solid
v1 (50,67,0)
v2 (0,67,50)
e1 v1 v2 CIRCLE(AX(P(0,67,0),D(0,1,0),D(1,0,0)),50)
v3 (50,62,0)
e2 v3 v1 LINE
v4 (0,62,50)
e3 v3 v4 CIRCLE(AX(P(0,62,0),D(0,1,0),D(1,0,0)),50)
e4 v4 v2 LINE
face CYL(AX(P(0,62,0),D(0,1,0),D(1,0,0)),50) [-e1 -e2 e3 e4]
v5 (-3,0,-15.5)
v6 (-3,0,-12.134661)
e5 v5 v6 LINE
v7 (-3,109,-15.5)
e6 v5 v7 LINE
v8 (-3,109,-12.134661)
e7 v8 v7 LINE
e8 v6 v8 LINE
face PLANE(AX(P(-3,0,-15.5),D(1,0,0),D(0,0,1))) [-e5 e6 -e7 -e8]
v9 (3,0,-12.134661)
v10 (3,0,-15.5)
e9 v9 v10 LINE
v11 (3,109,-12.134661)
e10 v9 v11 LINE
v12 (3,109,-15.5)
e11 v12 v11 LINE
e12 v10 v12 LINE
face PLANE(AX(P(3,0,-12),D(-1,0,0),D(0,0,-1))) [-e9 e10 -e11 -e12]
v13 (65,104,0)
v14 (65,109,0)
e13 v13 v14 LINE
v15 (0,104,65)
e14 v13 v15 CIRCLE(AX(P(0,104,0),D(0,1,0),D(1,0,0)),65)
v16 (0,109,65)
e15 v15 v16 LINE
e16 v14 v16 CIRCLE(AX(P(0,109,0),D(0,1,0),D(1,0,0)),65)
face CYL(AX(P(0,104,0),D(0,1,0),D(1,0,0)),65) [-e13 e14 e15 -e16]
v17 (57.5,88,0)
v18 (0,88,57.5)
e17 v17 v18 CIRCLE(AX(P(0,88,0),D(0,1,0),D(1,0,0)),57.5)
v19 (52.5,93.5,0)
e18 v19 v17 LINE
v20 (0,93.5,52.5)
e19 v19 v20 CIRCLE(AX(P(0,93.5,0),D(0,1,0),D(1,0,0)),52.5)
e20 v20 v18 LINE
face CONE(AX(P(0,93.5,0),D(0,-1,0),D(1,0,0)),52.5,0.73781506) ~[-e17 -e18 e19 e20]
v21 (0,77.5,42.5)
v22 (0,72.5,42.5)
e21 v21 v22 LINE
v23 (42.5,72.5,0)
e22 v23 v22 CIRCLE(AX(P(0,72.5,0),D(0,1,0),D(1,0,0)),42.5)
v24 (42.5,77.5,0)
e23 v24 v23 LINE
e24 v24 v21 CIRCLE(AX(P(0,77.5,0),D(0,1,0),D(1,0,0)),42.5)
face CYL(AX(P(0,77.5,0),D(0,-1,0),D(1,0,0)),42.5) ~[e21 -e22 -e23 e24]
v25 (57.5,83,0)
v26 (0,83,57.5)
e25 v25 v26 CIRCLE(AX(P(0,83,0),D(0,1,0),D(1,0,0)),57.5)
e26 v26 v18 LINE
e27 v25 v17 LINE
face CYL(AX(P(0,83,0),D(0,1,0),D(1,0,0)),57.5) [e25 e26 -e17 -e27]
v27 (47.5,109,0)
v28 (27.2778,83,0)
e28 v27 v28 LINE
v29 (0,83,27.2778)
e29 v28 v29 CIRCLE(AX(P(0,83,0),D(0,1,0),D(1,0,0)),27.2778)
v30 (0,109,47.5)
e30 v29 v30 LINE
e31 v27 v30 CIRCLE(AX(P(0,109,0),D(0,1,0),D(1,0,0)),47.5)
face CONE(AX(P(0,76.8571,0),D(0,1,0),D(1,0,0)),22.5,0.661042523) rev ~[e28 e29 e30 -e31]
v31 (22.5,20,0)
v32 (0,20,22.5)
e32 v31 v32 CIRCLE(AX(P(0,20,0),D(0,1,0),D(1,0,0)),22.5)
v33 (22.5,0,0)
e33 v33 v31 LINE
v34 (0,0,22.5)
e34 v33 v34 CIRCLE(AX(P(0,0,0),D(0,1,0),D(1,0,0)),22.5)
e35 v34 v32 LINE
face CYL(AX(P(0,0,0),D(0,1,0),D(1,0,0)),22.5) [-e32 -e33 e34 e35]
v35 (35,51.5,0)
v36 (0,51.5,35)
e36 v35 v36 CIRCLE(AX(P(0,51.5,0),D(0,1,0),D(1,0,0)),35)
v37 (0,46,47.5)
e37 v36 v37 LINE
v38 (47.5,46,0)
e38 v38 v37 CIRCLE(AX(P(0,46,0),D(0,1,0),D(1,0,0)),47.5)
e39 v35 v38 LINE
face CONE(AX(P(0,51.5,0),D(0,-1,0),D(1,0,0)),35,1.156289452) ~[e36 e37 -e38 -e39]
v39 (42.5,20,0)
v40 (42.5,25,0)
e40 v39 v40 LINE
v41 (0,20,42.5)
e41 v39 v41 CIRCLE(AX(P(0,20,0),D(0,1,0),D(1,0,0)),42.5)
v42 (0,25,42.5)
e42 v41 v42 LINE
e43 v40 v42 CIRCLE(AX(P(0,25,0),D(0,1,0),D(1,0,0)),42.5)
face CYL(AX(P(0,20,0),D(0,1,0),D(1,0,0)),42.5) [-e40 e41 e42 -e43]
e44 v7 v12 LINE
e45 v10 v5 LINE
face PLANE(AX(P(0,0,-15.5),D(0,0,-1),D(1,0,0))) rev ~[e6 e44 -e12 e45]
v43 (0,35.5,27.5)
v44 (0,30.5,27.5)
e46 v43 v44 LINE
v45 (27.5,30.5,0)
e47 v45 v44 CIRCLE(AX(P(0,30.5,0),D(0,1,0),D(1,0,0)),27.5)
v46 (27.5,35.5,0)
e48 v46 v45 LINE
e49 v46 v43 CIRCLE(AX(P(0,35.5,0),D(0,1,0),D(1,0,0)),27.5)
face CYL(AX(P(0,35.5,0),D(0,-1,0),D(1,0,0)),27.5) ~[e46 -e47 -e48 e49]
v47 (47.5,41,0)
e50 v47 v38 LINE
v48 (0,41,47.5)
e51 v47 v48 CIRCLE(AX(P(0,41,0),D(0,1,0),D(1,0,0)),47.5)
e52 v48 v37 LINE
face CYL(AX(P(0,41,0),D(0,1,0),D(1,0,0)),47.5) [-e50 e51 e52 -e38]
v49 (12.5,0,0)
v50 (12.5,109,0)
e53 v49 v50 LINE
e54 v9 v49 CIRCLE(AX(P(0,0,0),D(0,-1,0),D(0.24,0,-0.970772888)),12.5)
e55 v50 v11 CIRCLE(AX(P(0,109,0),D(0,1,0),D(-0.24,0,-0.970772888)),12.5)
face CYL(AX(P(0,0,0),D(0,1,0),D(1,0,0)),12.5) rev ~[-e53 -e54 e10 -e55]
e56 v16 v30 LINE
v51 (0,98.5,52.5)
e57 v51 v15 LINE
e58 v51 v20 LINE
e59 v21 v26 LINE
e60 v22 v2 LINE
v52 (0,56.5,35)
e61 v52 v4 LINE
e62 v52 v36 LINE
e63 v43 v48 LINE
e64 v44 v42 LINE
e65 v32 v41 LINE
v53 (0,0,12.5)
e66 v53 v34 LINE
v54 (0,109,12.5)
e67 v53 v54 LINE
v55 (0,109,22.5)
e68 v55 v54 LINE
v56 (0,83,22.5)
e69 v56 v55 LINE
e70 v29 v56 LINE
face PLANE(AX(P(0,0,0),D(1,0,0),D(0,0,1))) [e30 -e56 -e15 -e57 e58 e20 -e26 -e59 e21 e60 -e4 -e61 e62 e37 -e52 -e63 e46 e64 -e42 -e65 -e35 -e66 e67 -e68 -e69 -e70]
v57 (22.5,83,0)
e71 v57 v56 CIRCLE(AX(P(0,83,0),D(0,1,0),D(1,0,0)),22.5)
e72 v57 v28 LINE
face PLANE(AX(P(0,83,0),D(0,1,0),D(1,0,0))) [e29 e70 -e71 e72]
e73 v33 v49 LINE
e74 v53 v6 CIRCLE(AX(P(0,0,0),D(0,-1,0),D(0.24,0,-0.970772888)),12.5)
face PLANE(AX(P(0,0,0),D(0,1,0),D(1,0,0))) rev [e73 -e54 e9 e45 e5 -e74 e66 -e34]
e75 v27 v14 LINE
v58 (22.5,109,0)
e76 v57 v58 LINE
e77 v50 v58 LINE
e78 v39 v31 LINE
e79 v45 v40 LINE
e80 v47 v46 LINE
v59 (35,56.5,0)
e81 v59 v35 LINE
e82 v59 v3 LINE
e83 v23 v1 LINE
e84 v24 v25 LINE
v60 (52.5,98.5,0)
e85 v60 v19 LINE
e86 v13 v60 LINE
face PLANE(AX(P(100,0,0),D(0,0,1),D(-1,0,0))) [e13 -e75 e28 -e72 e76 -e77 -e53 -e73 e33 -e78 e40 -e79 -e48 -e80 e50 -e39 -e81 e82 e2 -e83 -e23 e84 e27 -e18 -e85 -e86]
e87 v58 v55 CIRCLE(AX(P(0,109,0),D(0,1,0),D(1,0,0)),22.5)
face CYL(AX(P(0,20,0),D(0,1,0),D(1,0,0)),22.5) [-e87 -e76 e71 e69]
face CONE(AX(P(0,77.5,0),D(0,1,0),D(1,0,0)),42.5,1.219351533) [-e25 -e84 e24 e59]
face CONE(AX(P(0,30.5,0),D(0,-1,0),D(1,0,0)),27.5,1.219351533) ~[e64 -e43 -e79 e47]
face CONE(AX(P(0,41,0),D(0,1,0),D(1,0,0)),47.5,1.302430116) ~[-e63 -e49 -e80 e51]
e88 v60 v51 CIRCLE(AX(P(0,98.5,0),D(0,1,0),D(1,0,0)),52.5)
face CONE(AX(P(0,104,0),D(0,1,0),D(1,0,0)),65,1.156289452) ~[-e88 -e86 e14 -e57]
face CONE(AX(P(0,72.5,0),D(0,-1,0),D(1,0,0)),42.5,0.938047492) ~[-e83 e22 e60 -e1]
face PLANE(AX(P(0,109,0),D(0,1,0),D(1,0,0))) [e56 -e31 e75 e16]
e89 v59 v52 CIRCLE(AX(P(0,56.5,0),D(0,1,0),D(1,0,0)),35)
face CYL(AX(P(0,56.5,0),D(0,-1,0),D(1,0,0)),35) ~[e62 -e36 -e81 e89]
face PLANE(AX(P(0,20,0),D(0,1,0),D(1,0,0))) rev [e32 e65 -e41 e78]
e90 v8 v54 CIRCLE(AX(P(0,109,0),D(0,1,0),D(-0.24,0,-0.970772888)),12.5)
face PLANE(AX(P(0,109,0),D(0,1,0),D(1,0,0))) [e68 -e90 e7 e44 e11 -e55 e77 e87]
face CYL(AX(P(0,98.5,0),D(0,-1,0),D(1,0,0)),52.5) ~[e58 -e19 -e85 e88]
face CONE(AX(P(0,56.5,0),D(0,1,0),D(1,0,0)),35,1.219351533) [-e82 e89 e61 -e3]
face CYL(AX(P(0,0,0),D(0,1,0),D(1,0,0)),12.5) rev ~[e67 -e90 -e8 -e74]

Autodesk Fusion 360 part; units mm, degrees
sketch "Sketch1" plane through (0, 0, 0) normal (0, 0, 1) x (1, 0, 0)
  line L0 (12.5, 0) -> (22.5, 0)
  line L1 (12.5, 0) -> (12.5, 20)
  line L2 (22.5, 0) -> (22.5, 20)
  line L3 (22.5, 20) -> (42.5, 20)
  line L4 (42.5, 20) -> (42.5, 25)
  line L5 (42.5, 25) -> (22.5, 25)
  line L6 (0, 0) -> (0, 115)
  line L7 (0, 25) -> (0, 41)
  line L8 (22.5, 41) -> (47.5, 41)
  line L9 (47.5, 41) -> (47.5, 46)
  line L10 (47.5, 46) -> (22.5, 46)
  line L11 (0, 46) -> (0, 62)
  line L12 (22.5, 62) -> (50, 62)
  line L13 (50, 62) -> (50, 67)
  line L14 (50, 67) -> (22.5, 67)
  line L15 (0, 67) -> (0, 83)
  line L16 (57.5, 83) -> (57.5, 88)
  line L17 (0, 88) -> (0, 104)
  line L18 (65, 104) -> (65, 109)
  line L19 (52.5, 98.5) -> (52.5, 93.5)
  line L20 (65, 104) -> (52.5, 98.5)
  line L21 (52.5, 93.5) -> (57.5, 88)
  line L22 (12.5, 20) -> (12.5, 109)
  line L23 (22.5, 20) -> (22.5, 109)
  line L24 (0, 83) -> (0, 77.5)
  line L25 (23, 77.5) -> (42.5, 77.5)
  line L26 (42.5, 77.5) -> (42.5, 72.5)
  line L27 (42.5, 72.5) -> (22.5, 72.5041)
  line L28 (42.5, 77.5) -> (57.5, 83)
  line L29 (42.5, 72.5) -> (50, 67)
  line L30 (0, 62) -> (0, 56.5)
  line L31 (22.5, 56.5) -> (35, 56.5)
  line L32 (35, 56.5) -> (35, 51.5)
  line L33 (35, 56.5) -> (50, 62)
  line L34 (35, 51.5) -> (47.5, 46)
  line L35 (0, 41) -> (0, 35.5)
  line L36 (22.5, 35.5) -> (27.5, 35.5)
  line L37 (27.5, 35.5) -> (27.5, 30.5)
  line L38 (47.5, 41) -> (27.5, 35.5)
  line L39 (27.5, 30.5) -> (42.5, 25)
  line L40 (0, 93.5) -> (-0.0024, 93.5)
  line L41 (35, 51.5) -> (22.5, 51.5)
  line L42 (0, 51.5) -> (-0.0011, 51.5)
  line L43 (27.5, 30.5) -> (22.5, 30.5)
  line L44 (0, 30.5) -> (-0.1134, 30.5)
  line L45 (12.5, 109) -> (12.5, 64)
  line L46 (22.5, 76.8571) -> (47.5, 109)
  line L47 (43.6111, 104) -> (65, 104)
  line L48 (39.3333, 98.5) -> (52.5, 98.5)
  line L49 (52.5, 93.5) -> (35.4444, 93.5)
  line L50 (57.5, 88) -> (31.1667, 88)
  line L51 (27.2778, 83) -> (57.5, 83)
  line L52 (65, 109) -> (47.5, 109)
  line L53 (22.5, 109) -> (12.5, 109)
  line L54 (27.2778, 83) -> (22.5, 83)
  dimension "d1" = 12.5
  dimension "d2" = 22.5
  dimension "d3" = 20
  dimension "d6" = 5
  dimension "d7" = 115
  dimension "d8" = 16
  dimension "d9" = 47.5
  dimension "d10" = 5
  dimension "d11" = 16
  dimension "d12" = 50
  dimension "d13" = 5
  dimension "d14" = 16
  dimension "d15" = 57.5
  dimension "d16" = 5
  dimension "d17" = 16
  dimension "d18" = 65
  dimension "d19" = 5
  dimension "d24" = 5
  dimension "d25" = 90
  dimension "d26" = 5.5
  dimension "d27" = 42.5
  dimension "d28" = 5
  dimension "d29" = 5.5
  dimension "d30" = 35
  dimension "d31" = 5
  dimension "d32" = 90
  dimension "d33" = 5.5
  dimension "d34" = 27.5
  dimension "d35" = 5
  dimension "d36" = 90
  dimension "d37" = 45
  dimension "d38" = 25
revolve "Revolve1" add sketch "Sketch1" angle 360 about axis through (0, 0, 0) along (0, 1, 0)
sketch "Sketch2" plane through (0, 0, 0) normal (0, 1, 0) x (1, 0, 0)
  line L0 (0, 12.5) -> (0, 15.5)
  line L1 (0, 15.5) -> (3, 15.5)
  line L2 (3, 15.5) -> (-3, 15.5)
  line L3 (-3, 15.5) -> (-3, 12)
  line L4 (-3, 12) -> (3, 12)
  line L5 (3, 12) -> (3, 15.5)
  dimension "d40" = 3
  dimension "d41" = 6
extrude "Extrude1" cut sketch "Sketch2" along normal blind 115
sketch "Sketch3" plane through (0, 0, 0) normal (0, 1, 0) x (1, 0, 0)
  line L0 (0, -90) -> (100, -90)
  line L1 (100, -90) -> (100, 0)
  line L2 (100, 0) -> (0, 0)
  line L3 (0, 0) -> (0, -90)
extrude "Extrude2" cut sketch "Sketch3" along normal blind 115
